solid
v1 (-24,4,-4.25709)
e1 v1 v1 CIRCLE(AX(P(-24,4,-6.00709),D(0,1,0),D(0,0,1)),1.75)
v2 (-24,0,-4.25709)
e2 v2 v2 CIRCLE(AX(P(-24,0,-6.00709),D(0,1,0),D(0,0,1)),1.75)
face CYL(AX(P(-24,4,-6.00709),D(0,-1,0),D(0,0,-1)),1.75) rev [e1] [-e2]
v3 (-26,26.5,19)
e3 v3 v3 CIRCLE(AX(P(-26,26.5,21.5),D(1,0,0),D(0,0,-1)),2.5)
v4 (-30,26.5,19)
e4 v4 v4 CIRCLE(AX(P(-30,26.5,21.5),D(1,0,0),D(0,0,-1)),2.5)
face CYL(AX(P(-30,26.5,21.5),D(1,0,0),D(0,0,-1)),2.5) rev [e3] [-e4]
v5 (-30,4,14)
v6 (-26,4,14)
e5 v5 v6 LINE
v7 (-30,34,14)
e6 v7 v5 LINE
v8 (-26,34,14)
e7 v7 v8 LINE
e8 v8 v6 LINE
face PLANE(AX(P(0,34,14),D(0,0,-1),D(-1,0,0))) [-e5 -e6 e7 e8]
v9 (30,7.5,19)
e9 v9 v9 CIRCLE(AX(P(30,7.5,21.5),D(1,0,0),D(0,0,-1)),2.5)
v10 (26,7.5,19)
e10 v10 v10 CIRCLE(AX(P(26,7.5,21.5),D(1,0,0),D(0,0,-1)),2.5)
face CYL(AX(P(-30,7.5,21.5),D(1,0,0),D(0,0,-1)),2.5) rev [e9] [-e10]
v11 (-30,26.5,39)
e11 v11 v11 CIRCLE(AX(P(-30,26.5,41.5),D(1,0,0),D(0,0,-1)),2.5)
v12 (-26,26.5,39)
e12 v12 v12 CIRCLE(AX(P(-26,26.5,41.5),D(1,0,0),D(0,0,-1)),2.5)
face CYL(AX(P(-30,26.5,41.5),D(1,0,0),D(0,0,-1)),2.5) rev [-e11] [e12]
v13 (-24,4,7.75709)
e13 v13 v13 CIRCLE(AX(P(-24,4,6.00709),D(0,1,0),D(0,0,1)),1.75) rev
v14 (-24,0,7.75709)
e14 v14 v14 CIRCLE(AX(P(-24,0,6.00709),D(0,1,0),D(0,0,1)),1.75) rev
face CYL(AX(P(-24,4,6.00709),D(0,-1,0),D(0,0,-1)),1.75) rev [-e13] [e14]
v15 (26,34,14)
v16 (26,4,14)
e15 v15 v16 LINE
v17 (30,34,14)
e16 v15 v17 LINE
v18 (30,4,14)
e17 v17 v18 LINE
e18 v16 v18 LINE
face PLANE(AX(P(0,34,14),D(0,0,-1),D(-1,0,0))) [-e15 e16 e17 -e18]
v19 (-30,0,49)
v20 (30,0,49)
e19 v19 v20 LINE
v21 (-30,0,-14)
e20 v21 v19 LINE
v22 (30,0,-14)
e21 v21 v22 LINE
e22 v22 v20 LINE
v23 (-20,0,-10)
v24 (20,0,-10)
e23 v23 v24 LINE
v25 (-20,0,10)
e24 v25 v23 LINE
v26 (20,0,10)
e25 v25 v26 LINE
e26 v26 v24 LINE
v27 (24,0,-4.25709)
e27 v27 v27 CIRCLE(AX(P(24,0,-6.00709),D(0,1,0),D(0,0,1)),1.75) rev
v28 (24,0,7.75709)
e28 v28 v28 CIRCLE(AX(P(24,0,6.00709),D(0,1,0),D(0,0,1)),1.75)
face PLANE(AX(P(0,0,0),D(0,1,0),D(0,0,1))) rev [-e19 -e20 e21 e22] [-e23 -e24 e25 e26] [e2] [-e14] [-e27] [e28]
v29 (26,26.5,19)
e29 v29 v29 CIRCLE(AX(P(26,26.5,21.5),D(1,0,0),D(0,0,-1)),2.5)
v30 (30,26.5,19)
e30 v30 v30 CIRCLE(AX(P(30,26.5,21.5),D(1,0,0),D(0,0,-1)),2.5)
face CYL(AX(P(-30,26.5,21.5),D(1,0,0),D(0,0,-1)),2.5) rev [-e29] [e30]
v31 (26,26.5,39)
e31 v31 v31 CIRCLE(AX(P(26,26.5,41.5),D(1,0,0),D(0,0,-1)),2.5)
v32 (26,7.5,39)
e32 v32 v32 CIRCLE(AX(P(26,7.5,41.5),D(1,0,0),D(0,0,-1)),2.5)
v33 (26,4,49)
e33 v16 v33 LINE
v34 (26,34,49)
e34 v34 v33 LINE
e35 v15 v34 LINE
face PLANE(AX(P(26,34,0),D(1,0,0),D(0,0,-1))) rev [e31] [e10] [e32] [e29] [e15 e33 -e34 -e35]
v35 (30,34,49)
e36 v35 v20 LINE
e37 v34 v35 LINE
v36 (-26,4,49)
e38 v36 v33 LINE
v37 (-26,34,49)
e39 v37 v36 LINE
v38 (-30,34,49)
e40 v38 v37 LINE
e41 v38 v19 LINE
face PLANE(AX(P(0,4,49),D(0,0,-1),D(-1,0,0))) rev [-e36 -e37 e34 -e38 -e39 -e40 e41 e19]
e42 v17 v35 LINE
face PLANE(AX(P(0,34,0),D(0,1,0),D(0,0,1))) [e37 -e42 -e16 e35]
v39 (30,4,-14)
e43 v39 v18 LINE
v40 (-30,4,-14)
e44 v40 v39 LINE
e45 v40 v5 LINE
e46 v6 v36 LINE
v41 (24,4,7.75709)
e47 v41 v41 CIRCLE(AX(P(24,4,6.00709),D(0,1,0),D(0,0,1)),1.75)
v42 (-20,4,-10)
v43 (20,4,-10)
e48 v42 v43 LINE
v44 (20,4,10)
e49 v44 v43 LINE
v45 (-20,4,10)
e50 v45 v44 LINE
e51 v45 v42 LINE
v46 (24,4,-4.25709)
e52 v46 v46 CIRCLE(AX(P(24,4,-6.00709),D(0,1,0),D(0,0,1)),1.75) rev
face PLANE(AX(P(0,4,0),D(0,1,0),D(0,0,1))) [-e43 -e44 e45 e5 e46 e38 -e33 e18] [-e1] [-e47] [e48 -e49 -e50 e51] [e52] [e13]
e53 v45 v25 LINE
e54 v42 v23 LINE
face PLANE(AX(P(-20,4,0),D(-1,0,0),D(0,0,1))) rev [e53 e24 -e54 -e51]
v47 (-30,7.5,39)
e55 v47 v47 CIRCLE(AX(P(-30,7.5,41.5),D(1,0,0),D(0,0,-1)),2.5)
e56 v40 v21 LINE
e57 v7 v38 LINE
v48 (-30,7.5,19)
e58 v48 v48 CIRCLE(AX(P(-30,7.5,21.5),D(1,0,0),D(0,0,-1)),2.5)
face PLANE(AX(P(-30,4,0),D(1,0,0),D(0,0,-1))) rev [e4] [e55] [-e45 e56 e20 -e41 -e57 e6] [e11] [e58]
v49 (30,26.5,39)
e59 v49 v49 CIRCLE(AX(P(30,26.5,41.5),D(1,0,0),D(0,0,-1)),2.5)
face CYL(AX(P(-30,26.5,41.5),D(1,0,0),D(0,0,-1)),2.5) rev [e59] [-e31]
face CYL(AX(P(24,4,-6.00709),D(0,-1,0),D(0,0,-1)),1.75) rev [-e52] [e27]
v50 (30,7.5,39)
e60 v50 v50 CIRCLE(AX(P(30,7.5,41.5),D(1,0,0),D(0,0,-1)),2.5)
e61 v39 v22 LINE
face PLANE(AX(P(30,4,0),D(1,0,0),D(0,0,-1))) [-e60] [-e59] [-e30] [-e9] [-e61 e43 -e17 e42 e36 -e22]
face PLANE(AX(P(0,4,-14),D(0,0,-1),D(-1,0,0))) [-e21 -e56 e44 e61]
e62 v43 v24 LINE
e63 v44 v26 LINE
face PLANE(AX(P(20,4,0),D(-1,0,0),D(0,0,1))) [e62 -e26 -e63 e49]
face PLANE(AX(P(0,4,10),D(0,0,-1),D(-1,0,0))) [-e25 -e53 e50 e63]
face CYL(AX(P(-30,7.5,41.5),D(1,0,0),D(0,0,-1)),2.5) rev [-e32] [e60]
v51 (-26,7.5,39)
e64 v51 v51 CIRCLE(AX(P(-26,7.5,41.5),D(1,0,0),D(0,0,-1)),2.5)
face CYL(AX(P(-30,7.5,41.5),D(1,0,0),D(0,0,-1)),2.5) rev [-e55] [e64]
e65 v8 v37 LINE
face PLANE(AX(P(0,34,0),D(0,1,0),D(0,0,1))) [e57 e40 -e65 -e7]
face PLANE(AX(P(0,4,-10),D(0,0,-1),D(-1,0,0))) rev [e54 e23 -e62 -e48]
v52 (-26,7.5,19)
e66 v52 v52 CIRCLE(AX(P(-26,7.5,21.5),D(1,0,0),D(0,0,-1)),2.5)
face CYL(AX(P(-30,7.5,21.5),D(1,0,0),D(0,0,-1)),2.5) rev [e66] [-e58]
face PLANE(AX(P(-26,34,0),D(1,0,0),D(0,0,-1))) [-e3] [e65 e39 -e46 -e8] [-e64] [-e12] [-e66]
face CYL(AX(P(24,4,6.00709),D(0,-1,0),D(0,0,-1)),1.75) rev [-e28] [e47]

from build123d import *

# Parameters (mm, degrees)
SKETCH_1_R          = 1.75
SKETCH_1_W          = 40
SKETCH_1_H          = 20
EXTRUDE_1_DEPTH     = 4
SKETCH_1_3_W        = 4
SKETCH_1_3_H        = 35
EXTRUDE_2_DEPTH     = 34
SKETCH_2_R          = 2.5
CUT_EXTRUDE_1_DEPTH = 85.599054368


with BuildPart() as part:
    # 草图1 → 凸台-拉伸1 (new body)
    with BuildSketch(Plane(origin=(0, 0, 0), x_dir=(1, 0, 0), z_dir=(0, 1, 0))):
        Polygon((30, 14), (-30, 14), (-30, -14), (-26, -14), (-26, -49), (26, -49), (26, -14), (30, -14), align=None)
        with Locations((-24, -6.007090491)):
            Circle(SKETCH_1_R, mode=Mode.SUBTRACT)
        with Locations((-24, 6.007090491)):
            Circle(SKETCH_1_R, mode=Mode.SUBTRACT)
        Rectangle(SKETCH_1_W, SKETCH_1_H, mode=Mode.SUBTRACT)
        with Locations((24, -6.007090491)):
            Circle(SKETCH_1_R, mode=Mode.SUBTRACT)
        with Locations((24, 6.007090491)):
            Circle(SKETCH_1_R, mode=Mode.SUBTRACT)
    extrude(amount=EXTRUDE_1_DEPTH)

    # 草图1<3> → 凸台-拉伸2 (add)
    with BuildSketch(Plane(origin=(0, 0, 0), x_dir=(1, 0, 0), z_dir=(0, 1, 0))):
        with Locations((-28, -31.5)):
            Rectangle(SKETCH_1_3_W, SKETCH_1_3_H)
        with Locations((28, -31.5)):
            Rectangle(SKETCH_1_3_W, SKETCH_1_3_H)
    extrude(amount=EXTRUDE_2_DEPTH)

    # 草图2 → 切除-拉伸1 (cut, through all)
    with BuildSketch(Plane(origin=(30, 0, 0), x_dir=(0, 0, -1), z_dir=(1, 0, 0))):
        with Locations((-41.5, 26.5)):
            Circle(SKETCH_2_R)
        with Locations((-21.5, 26.5)):
            Circle(SKETCH_2_R)
        with Locations((-21.5, 7.5)):
            Circle(SKETCH_2_R)
        with Locations((-41.5, 7.5)):
            Circle(SKETCH_2_R)
    extrude(amount=-CUT_EXTRUDE_1_DEPTH, mode=Mode.SUBTRACT)


solid = part.part
